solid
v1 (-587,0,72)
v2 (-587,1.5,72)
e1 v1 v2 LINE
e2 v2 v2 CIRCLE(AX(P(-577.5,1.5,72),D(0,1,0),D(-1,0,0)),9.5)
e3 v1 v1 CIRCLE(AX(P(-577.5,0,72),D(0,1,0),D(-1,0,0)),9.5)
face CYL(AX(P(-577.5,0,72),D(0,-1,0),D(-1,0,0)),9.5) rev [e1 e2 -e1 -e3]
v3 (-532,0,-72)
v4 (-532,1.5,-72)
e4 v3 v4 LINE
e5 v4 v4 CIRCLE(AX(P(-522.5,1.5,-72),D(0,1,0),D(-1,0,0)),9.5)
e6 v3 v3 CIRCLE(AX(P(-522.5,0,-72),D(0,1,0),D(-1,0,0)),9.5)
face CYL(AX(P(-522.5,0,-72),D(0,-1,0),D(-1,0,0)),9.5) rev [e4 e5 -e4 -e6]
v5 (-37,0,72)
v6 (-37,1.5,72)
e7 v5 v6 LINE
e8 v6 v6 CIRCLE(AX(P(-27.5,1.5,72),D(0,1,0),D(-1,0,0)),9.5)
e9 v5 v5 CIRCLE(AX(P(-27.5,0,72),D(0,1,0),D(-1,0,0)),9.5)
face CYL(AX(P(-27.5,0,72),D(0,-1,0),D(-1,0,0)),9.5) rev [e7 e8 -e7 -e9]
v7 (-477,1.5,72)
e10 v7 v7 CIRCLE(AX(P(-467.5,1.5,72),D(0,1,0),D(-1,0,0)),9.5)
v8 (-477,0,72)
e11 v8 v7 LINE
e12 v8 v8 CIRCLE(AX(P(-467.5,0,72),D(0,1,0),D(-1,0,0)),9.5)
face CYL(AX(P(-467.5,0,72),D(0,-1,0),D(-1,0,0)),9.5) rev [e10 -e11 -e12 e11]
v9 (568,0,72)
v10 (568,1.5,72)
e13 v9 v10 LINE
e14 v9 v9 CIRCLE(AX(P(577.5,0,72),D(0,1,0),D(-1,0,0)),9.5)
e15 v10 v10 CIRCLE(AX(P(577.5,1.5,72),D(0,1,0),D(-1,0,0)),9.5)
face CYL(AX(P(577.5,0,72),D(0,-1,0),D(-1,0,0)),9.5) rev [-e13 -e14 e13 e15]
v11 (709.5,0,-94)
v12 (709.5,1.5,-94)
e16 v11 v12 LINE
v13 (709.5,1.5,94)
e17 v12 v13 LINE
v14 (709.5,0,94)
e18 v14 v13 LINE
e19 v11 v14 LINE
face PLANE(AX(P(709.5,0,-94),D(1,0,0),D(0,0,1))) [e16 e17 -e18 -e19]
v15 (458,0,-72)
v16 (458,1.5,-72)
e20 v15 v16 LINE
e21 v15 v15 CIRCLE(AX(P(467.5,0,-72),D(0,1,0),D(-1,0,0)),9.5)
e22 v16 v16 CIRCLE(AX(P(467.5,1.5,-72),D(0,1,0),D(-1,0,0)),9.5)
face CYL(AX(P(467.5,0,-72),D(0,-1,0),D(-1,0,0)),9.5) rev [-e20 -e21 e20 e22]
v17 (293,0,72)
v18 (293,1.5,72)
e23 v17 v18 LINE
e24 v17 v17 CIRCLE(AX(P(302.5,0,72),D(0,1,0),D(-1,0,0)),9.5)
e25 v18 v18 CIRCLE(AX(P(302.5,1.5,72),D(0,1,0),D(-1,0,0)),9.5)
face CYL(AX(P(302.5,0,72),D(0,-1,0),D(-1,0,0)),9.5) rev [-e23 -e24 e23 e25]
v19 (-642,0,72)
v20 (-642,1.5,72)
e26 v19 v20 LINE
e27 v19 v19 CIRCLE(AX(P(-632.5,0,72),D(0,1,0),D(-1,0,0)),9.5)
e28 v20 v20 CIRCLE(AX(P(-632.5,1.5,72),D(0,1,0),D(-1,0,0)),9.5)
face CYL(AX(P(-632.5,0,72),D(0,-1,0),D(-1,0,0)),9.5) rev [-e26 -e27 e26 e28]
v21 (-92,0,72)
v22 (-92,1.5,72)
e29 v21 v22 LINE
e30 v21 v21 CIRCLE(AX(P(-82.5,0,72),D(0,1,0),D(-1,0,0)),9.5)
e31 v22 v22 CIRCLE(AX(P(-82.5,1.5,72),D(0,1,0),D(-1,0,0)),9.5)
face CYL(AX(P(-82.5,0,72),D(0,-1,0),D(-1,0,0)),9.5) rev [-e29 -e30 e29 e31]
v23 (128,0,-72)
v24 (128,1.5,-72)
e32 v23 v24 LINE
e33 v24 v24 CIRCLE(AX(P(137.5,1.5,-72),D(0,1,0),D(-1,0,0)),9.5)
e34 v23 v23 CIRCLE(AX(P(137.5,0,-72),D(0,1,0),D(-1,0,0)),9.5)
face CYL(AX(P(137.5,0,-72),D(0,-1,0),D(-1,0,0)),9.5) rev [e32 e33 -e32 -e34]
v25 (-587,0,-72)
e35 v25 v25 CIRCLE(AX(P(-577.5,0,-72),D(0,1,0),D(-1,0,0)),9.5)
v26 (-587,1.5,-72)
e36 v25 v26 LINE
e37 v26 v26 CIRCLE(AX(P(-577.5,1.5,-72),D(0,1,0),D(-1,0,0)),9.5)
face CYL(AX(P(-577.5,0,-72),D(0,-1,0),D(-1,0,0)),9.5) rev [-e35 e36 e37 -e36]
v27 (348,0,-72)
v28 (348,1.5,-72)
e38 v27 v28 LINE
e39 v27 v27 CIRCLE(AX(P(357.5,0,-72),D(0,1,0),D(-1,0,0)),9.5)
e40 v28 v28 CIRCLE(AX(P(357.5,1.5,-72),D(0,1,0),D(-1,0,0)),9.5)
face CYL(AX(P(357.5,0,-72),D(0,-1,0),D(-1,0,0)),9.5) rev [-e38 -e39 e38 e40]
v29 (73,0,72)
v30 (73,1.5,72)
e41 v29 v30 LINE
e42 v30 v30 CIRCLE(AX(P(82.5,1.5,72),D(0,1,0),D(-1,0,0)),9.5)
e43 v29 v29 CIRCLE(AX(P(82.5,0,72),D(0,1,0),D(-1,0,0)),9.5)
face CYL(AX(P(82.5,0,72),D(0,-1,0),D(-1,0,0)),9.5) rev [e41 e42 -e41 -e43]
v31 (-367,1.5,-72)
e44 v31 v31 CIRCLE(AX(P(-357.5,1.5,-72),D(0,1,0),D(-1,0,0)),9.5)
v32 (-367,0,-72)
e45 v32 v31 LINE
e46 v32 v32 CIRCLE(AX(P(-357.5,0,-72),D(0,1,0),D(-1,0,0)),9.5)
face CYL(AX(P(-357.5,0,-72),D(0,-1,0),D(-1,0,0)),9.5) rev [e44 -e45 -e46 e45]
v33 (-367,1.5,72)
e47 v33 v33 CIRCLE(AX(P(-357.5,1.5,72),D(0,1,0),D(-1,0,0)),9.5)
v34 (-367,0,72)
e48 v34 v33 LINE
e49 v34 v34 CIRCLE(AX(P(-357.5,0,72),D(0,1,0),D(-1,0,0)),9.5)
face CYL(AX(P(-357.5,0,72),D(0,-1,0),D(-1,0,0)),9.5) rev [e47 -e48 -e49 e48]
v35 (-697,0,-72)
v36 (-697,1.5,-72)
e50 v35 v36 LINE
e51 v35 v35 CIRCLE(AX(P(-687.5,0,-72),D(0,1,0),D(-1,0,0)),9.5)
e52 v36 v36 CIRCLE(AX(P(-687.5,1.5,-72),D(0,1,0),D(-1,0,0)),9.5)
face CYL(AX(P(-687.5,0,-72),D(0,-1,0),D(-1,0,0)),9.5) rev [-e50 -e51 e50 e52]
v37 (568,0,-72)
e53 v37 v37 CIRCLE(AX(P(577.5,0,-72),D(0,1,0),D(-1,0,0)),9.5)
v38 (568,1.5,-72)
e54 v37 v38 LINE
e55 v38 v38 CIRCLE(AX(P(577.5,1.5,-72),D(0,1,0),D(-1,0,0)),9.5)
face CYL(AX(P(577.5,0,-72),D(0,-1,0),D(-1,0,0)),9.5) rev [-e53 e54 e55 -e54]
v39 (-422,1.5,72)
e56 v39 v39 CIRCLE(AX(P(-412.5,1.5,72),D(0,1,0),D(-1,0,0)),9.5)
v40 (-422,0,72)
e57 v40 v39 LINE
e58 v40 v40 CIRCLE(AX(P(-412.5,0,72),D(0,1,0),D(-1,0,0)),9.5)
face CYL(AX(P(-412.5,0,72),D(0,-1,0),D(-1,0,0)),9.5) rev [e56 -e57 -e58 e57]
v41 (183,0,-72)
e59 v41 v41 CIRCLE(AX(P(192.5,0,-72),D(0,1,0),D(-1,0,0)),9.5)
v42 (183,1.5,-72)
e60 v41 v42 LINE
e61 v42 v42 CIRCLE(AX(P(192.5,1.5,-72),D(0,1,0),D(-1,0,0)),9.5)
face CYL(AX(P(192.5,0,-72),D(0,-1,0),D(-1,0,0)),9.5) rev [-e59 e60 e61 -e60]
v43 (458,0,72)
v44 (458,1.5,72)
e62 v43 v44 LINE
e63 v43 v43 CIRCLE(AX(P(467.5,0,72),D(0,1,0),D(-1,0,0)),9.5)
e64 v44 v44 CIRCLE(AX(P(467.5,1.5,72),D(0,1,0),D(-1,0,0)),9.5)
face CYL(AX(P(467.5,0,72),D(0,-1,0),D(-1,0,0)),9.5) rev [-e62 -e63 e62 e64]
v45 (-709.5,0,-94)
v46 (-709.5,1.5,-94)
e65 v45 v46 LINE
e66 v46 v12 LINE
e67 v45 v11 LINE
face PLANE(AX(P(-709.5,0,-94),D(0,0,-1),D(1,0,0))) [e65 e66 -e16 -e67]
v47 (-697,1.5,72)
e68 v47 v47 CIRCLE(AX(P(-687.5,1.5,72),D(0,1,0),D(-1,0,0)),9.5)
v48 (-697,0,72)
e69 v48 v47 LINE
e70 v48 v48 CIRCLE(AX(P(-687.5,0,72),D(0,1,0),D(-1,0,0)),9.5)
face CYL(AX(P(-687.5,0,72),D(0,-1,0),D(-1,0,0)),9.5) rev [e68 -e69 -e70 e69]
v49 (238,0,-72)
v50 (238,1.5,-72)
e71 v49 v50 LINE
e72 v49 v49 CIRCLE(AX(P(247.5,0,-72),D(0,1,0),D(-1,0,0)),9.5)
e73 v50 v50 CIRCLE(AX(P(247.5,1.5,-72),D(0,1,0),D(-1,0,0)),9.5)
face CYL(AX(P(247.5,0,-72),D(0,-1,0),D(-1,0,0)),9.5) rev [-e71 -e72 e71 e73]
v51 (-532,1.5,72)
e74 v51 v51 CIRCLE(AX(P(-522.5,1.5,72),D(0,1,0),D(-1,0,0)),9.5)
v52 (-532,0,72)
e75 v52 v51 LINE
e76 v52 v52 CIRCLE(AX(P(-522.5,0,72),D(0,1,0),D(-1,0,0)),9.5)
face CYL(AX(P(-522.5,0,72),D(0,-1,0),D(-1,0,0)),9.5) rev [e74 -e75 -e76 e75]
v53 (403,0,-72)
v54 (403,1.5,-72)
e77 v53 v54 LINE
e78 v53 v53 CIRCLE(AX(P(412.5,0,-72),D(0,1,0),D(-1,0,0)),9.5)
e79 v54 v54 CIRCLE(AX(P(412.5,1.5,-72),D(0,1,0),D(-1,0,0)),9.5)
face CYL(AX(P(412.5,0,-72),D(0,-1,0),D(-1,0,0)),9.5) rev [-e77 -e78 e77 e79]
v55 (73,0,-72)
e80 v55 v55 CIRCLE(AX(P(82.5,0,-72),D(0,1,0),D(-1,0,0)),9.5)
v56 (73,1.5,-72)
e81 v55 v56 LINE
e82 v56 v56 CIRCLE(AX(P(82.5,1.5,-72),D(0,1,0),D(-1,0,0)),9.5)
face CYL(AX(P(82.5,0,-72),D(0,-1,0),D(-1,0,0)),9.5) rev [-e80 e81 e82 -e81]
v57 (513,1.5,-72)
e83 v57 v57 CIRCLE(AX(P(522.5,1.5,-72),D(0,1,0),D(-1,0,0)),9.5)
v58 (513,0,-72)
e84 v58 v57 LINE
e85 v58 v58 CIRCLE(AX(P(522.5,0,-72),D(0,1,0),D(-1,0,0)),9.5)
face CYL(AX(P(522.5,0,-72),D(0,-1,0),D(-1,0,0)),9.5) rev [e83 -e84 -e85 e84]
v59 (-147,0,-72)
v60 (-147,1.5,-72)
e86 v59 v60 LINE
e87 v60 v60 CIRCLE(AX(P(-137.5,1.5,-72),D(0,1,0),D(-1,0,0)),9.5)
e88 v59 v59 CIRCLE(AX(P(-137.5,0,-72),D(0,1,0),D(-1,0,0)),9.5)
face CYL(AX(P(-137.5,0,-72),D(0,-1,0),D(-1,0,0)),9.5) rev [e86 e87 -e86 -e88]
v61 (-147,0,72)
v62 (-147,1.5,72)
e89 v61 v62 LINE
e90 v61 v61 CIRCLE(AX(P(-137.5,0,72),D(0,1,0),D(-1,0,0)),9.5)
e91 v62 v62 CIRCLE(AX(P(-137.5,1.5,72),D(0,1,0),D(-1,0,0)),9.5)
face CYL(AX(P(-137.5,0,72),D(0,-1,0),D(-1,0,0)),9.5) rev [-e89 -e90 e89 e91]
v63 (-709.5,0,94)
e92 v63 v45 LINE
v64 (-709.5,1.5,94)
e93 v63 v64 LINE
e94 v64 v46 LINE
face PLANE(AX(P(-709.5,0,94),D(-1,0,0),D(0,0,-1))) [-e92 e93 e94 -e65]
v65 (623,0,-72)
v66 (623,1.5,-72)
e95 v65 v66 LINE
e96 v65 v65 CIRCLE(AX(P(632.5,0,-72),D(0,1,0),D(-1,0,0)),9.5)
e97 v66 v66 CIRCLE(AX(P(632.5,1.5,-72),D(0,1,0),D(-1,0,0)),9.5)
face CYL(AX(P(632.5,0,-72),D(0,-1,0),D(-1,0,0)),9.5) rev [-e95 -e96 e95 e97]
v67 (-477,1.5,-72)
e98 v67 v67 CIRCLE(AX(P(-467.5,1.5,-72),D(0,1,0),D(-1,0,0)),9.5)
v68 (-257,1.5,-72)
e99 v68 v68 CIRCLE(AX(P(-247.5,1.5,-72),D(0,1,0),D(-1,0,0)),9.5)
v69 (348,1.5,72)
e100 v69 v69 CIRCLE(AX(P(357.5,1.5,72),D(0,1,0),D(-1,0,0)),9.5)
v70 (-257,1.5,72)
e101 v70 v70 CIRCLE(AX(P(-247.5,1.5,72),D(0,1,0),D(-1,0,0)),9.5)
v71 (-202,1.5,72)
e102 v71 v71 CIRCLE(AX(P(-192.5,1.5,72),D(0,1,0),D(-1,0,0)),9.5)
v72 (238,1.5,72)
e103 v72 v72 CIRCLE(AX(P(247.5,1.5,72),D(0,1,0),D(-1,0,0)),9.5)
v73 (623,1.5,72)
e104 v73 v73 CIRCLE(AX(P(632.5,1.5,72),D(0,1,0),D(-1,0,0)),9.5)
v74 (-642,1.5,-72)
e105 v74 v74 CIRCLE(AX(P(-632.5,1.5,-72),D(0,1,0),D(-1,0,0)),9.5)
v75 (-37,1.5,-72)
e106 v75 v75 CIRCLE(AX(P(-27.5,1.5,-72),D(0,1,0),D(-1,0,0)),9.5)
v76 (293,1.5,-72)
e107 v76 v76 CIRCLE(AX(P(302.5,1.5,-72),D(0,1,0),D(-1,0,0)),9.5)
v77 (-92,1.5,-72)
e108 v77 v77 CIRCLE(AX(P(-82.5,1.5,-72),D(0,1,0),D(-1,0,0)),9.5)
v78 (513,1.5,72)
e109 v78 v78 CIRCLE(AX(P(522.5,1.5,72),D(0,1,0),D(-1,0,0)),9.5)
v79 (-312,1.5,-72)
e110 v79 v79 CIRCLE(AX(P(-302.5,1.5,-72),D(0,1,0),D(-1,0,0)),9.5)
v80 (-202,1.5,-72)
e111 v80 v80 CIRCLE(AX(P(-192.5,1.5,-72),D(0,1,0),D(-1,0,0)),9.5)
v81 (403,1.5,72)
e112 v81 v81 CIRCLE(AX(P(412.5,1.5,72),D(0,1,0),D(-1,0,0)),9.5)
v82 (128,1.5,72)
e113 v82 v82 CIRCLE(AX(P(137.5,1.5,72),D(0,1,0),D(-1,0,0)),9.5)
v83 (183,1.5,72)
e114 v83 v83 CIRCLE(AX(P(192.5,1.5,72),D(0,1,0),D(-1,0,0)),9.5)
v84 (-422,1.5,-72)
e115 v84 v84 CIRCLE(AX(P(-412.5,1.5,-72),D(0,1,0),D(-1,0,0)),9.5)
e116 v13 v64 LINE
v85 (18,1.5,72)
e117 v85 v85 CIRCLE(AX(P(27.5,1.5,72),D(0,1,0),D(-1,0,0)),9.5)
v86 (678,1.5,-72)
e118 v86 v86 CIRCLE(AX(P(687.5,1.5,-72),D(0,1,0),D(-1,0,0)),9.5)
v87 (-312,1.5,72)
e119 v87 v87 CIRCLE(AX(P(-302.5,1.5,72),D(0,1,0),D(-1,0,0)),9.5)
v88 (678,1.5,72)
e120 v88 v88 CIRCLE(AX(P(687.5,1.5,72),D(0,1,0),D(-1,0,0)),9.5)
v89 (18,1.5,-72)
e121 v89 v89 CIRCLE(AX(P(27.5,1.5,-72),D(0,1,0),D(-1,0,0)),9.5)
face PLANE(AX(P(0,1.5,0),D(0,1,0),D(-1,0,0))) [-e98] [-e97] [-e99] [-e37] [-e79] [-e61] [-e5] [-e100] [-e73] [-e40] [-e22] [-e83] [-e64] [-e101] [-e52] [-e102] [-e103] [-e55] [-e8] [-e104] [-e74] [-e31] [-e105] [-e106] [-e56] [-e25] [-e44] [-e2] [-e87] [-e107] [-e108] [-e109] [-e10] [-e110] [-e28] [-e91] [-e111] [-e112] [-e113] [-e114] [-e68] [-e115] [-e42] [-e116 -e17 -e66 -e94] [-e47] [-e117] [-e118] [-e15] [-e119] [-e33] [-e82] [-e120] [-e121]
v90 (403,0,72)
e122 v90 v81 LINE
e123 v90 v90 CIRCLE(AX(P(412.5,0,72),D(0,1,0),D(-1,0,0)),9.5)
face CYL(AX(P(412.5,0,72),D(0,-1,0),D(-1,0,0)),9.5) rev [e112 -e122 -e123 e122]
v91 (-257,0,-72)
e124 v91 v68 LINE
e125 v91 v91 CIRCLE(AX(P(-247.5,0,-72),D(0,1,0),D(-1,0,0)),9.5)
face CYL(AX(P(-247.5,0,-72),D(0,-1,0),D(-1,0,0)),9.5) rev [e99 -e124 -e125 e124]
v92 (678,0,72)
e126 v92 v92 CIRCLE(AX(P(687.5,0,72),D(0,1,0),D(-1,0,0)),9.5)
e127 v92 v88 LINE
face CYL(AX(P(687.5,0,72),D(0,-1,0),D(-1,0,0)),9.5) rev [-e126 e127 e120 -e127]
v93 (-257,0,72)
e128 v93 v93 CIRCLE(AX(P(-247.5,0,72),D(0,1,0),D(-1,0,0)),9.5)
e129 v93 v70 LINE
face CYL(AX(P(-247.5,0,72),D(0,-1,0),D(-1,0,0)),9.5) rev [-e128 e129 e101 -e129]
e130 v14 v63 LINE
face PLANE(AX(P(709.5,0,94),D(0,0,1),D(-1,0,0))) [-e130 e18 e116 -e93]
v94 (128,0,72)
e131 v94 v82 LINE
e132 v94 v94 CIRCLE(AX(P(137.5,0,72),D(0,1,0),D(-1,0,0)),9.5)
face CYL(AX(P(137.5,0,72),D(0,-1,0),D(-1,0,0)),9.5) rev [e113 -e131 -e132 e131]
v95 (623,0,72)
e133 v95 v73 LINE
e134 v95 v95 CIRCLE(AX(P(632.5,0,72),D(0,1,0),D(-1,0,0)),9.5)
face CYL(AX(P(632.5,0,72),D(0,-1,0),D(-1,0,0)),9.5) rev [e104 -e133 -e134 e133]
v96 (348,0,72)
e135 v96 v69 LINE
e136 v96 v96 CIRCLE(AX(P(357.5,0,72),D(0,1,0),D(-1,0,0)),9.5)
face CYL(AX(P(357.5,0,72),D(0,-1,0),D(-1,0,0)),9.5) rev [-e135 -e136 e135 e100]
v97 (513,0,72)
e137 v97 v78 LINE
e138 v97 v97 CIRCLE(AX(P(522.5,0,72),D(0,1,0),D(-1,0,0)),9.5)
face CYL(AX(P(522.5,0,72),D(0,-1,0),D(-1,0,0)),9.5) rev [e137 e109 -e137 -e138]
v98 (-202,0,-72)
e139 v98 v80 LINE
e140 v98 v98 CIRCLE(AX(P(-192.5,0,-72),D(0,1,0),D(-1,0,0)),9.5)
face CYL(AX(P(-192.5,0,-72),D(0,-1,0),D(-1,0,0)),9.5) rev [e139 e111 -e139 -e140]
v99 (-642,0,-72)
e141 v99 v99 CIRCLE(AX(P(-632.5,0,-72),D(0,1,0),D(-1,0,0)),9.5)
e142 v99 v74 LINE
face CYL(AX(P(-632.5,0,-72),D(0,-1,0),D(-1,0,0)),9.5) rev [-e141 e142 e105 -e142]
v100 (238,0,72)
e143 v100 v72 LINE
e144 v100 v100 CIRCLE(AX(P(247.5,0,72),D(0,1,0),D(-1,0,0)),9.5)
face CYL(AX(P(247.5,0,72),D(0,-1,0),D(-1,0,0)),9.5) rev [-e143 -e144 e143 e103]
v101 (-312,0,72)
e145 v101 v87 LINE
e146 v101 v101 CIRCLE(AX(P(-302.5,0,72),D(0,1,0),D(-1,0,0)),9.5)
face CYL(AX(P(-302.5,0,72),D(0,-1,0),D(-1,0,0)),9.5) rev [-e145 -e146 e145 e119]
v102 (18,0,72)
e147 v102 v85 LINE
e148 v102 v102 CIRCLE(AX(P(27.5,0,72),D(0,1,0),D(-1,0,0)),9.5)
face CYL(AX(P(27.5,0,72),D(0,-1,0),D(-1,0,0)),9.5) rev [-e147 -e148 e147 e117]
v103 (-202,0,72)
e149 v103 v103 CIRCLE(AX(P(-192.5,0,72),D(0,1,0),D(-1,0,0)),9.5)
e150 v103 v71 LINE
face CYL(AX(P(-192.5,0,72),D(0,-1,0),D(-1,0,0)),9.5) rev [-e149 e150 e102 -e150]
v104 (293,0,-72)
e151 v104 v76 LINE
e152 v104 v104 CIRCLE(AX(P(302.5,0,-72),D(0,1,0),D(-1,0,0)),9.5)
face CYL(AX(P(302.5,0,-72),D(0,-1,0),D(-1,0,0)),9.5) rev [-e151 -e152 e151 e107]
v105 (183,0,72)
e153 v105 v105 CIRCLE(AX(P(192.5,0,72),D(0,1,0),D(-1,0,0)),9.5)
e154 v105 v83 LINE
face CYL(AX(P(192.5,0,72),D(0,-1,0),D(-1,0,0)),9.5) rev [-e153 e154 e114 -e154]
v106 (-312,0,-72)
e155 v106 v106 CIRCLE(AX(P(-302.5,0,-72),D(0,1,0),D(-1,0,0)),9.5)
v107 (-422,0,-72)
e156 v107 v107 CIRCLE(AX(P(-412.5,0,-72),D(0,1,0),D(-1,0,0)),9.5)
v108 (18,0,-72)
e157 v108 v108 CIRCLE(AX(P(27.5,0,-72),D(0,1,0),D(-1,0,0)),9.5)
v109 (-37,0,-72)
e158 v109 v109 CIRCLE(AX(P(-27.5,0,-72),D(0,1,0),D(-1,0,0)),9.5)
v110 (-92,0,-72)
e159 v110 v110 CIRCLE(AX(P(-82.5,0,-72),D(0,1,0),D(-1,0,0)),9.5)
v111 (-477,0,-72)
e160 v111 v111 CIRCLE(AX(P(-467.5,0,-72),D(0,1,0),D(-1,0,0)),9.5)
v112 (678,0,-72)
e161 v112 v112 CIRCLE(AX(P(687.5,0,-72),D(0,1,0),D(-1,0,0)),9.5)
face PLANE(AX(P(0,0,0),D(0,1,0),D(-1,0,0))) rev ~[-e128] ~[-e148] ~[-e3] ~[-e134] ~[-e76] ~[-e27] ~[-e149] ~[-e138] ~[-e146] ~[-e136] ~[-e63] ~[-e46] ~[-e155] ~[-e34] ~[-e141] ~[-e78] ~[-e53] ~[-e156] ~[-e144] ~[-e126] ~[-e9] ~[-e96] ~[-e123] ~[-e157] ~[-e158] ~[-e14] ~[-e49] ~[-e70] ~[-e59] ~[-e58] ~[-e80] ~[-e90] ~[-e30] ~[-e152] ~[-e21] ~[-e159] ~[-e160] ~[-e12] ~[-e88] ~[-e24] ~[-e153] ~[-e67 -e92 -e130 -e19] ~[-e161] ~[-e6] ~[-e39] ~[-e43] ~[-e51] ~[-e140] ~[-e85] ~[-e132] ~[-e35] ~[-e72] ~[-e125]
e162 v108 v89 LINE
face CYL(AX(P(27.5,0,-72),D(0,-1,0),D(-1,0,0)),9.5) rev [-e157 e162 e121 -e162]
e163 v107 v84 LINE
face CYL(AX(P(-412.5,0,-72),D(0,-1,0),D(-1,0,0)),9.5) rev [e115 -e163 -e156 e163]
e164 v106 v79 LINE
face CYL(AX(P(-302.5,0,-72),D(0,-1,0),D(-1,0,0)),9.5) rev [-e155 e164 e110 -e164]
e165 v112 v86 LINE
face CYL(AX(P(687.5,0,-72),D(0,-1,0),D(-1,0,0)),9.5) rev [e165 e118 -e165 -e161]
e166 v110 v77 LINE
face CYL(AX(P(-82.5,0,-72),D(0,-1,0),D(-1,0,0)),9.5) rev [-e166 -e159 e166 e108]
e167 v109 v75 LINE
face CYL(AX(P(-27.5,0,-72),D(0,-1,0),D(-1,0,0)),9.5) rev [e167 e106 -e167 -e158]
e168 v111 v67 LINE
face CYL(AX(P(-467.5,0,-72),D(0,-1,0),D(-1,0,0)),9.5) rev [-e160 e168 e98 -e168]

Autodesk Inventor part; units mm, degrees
ref_plane "YZ Plane" through (0, 0, 0) normal (1, 0, 0) x (0, 1, 0)
ref_plane "XZ Plane" through (0, 0, 0) normal (0, 1, 0) x (-1, 0, 0)
ref_plane "XY Plane" through (0, 0, 0) normal (0, 0, 1) x (1, 0, 0)
sketch "Foam Scheme" plane through (0, 0, 0) normal (0, 1, 0) x (-1, 0, 0)
  line L0 (709.5, -94) -> (-709.5, -94)
  line L1 (-709.5, -94) -> (-709.5, 94)
  line L2 (-709.5, 94) -> (709.5, 94)
  line L3 (709.5, 94) -> (709.5, -94)
  circle A0 centre (687.5, -72) radius 9.5
  circle A1 centre (632.5, -72) radius 9.5
  circle A2 centre (577.5, -72) radius 9.5
  circle A3 centre (522.5, -72) radius 9.5
  circle A4 centre (467.5, -72) radius 9.5
  circle A5 centre (412.5, -72) radius 9.5
  circle A6 centre (357.5, -72) radius 9.5
  circle A7 centre (302.5, -72) radius 9.5
  circle A8 centre (247.5, -72) radius 9.5
  circle A9 centre (192.5, -72) radius 9.5
  circle A10 centre (137.5, -72) radius 9.5
  circle A11 centre (82.5, -72) radius 9.5
  circle A12 centre (27.5, -72) radius 9.5
  circle A13 centre (-27.5, -72) radius 9.5
  circle A14 centre (-82.5, -72) radius 9.5
  circle A15 centre (-137.5, -72) radius 9.5
  circle A16 centre (-192.5, -72) radius 9.5
  circle A17 centre (-247.5, -72) radius 9.5
  circle A18 centre (687.5, 72) radius 9.5
  circle A19 centre (632.5, 72) radius 9.5
  circle A20 centre (577.5, 72) radius 9.5
  circle A21 centre (522.5, 72) radius 9.5
  circle A22 centre (467.5, 72) radius 9.5
  circle A23 centre (412.5, 72) radius 9.5
  circle A24 centre (357.5, 72) radius 9.5
  circle A25 centre (302.5, 72) radius 9.5
  circle A26 centre (247.5, 72) radius 9.5
  circle A27 centre (192.5, 72) radius 9.5
  circle A28 centre (137.5, 72) radius 9.5
  circle A29 centre (82.5, 72) radius 9.5
  circle A30 centre (27.5, 72) radius 9.5
  circle A31 centre (-27.5, 72) radius 9.5
  circle A32 centre (-82.5, 72) radius 9.5
  circle A33 centre (-137.5, 72) radius 9.5
  circle A34 centre (-192.5, 72) radius 9.5
  circle A35 centre (-247.5, 72) radius 9.5
  circle A36 centre (-302.5, -72) radius 9.5
  circle A37 centre (-302.5, 72) radius 9.5
  circle A38 centre (-357.5, -72) radius 9.5
  circle A39 centre (-357.5, 72) radius 9.5
  circle A40 centre (-412.5, -72) radius 9.5
  circle A41 centre (-412.5, 72) radius 9.5
  circle A42 centre (-467.5, -72) radius 9.5
  circle A43 centre (-467.5, 72) radius 9.5
  circle A44 centre (-522.5, -72) radius 9.5
  circle A45 centre (-522.5, 72) radius 9.5
  circle A46 centre (-577.5, -72) radius 9.5
  circle A47 centre (-577.5, 72) radius 9.5
  circle A48 centre (-632.5, -72) radius 9.5
  circle A49 centre (-632.5, 72) radius 9.5
  circle A50 centre (-687.5, -72) radius 9.5
  circle A51 centre (-687.5, 72) radius 9.5
  point P0 (0, 0)
  dimension "d0" = 1419
  dimension "d1" = 709.5
  dimension "d2" = 188
  dimension "d3" = 94
  dimension "d4" = 19
  dimension "d5" = 22
  dimension "d6" = 22
  dimension "d9" = 55
  dimension "d12" = 144
extrude "Foam Body" add sketch "Foam Scheme" along normal blind 1.5
equation "\"d1\" = 0.5 * d0"
equation "\"d3\" = 0.5 * d2"
properties part number "Foam NPS 12" material "Rubber, Silicone"
